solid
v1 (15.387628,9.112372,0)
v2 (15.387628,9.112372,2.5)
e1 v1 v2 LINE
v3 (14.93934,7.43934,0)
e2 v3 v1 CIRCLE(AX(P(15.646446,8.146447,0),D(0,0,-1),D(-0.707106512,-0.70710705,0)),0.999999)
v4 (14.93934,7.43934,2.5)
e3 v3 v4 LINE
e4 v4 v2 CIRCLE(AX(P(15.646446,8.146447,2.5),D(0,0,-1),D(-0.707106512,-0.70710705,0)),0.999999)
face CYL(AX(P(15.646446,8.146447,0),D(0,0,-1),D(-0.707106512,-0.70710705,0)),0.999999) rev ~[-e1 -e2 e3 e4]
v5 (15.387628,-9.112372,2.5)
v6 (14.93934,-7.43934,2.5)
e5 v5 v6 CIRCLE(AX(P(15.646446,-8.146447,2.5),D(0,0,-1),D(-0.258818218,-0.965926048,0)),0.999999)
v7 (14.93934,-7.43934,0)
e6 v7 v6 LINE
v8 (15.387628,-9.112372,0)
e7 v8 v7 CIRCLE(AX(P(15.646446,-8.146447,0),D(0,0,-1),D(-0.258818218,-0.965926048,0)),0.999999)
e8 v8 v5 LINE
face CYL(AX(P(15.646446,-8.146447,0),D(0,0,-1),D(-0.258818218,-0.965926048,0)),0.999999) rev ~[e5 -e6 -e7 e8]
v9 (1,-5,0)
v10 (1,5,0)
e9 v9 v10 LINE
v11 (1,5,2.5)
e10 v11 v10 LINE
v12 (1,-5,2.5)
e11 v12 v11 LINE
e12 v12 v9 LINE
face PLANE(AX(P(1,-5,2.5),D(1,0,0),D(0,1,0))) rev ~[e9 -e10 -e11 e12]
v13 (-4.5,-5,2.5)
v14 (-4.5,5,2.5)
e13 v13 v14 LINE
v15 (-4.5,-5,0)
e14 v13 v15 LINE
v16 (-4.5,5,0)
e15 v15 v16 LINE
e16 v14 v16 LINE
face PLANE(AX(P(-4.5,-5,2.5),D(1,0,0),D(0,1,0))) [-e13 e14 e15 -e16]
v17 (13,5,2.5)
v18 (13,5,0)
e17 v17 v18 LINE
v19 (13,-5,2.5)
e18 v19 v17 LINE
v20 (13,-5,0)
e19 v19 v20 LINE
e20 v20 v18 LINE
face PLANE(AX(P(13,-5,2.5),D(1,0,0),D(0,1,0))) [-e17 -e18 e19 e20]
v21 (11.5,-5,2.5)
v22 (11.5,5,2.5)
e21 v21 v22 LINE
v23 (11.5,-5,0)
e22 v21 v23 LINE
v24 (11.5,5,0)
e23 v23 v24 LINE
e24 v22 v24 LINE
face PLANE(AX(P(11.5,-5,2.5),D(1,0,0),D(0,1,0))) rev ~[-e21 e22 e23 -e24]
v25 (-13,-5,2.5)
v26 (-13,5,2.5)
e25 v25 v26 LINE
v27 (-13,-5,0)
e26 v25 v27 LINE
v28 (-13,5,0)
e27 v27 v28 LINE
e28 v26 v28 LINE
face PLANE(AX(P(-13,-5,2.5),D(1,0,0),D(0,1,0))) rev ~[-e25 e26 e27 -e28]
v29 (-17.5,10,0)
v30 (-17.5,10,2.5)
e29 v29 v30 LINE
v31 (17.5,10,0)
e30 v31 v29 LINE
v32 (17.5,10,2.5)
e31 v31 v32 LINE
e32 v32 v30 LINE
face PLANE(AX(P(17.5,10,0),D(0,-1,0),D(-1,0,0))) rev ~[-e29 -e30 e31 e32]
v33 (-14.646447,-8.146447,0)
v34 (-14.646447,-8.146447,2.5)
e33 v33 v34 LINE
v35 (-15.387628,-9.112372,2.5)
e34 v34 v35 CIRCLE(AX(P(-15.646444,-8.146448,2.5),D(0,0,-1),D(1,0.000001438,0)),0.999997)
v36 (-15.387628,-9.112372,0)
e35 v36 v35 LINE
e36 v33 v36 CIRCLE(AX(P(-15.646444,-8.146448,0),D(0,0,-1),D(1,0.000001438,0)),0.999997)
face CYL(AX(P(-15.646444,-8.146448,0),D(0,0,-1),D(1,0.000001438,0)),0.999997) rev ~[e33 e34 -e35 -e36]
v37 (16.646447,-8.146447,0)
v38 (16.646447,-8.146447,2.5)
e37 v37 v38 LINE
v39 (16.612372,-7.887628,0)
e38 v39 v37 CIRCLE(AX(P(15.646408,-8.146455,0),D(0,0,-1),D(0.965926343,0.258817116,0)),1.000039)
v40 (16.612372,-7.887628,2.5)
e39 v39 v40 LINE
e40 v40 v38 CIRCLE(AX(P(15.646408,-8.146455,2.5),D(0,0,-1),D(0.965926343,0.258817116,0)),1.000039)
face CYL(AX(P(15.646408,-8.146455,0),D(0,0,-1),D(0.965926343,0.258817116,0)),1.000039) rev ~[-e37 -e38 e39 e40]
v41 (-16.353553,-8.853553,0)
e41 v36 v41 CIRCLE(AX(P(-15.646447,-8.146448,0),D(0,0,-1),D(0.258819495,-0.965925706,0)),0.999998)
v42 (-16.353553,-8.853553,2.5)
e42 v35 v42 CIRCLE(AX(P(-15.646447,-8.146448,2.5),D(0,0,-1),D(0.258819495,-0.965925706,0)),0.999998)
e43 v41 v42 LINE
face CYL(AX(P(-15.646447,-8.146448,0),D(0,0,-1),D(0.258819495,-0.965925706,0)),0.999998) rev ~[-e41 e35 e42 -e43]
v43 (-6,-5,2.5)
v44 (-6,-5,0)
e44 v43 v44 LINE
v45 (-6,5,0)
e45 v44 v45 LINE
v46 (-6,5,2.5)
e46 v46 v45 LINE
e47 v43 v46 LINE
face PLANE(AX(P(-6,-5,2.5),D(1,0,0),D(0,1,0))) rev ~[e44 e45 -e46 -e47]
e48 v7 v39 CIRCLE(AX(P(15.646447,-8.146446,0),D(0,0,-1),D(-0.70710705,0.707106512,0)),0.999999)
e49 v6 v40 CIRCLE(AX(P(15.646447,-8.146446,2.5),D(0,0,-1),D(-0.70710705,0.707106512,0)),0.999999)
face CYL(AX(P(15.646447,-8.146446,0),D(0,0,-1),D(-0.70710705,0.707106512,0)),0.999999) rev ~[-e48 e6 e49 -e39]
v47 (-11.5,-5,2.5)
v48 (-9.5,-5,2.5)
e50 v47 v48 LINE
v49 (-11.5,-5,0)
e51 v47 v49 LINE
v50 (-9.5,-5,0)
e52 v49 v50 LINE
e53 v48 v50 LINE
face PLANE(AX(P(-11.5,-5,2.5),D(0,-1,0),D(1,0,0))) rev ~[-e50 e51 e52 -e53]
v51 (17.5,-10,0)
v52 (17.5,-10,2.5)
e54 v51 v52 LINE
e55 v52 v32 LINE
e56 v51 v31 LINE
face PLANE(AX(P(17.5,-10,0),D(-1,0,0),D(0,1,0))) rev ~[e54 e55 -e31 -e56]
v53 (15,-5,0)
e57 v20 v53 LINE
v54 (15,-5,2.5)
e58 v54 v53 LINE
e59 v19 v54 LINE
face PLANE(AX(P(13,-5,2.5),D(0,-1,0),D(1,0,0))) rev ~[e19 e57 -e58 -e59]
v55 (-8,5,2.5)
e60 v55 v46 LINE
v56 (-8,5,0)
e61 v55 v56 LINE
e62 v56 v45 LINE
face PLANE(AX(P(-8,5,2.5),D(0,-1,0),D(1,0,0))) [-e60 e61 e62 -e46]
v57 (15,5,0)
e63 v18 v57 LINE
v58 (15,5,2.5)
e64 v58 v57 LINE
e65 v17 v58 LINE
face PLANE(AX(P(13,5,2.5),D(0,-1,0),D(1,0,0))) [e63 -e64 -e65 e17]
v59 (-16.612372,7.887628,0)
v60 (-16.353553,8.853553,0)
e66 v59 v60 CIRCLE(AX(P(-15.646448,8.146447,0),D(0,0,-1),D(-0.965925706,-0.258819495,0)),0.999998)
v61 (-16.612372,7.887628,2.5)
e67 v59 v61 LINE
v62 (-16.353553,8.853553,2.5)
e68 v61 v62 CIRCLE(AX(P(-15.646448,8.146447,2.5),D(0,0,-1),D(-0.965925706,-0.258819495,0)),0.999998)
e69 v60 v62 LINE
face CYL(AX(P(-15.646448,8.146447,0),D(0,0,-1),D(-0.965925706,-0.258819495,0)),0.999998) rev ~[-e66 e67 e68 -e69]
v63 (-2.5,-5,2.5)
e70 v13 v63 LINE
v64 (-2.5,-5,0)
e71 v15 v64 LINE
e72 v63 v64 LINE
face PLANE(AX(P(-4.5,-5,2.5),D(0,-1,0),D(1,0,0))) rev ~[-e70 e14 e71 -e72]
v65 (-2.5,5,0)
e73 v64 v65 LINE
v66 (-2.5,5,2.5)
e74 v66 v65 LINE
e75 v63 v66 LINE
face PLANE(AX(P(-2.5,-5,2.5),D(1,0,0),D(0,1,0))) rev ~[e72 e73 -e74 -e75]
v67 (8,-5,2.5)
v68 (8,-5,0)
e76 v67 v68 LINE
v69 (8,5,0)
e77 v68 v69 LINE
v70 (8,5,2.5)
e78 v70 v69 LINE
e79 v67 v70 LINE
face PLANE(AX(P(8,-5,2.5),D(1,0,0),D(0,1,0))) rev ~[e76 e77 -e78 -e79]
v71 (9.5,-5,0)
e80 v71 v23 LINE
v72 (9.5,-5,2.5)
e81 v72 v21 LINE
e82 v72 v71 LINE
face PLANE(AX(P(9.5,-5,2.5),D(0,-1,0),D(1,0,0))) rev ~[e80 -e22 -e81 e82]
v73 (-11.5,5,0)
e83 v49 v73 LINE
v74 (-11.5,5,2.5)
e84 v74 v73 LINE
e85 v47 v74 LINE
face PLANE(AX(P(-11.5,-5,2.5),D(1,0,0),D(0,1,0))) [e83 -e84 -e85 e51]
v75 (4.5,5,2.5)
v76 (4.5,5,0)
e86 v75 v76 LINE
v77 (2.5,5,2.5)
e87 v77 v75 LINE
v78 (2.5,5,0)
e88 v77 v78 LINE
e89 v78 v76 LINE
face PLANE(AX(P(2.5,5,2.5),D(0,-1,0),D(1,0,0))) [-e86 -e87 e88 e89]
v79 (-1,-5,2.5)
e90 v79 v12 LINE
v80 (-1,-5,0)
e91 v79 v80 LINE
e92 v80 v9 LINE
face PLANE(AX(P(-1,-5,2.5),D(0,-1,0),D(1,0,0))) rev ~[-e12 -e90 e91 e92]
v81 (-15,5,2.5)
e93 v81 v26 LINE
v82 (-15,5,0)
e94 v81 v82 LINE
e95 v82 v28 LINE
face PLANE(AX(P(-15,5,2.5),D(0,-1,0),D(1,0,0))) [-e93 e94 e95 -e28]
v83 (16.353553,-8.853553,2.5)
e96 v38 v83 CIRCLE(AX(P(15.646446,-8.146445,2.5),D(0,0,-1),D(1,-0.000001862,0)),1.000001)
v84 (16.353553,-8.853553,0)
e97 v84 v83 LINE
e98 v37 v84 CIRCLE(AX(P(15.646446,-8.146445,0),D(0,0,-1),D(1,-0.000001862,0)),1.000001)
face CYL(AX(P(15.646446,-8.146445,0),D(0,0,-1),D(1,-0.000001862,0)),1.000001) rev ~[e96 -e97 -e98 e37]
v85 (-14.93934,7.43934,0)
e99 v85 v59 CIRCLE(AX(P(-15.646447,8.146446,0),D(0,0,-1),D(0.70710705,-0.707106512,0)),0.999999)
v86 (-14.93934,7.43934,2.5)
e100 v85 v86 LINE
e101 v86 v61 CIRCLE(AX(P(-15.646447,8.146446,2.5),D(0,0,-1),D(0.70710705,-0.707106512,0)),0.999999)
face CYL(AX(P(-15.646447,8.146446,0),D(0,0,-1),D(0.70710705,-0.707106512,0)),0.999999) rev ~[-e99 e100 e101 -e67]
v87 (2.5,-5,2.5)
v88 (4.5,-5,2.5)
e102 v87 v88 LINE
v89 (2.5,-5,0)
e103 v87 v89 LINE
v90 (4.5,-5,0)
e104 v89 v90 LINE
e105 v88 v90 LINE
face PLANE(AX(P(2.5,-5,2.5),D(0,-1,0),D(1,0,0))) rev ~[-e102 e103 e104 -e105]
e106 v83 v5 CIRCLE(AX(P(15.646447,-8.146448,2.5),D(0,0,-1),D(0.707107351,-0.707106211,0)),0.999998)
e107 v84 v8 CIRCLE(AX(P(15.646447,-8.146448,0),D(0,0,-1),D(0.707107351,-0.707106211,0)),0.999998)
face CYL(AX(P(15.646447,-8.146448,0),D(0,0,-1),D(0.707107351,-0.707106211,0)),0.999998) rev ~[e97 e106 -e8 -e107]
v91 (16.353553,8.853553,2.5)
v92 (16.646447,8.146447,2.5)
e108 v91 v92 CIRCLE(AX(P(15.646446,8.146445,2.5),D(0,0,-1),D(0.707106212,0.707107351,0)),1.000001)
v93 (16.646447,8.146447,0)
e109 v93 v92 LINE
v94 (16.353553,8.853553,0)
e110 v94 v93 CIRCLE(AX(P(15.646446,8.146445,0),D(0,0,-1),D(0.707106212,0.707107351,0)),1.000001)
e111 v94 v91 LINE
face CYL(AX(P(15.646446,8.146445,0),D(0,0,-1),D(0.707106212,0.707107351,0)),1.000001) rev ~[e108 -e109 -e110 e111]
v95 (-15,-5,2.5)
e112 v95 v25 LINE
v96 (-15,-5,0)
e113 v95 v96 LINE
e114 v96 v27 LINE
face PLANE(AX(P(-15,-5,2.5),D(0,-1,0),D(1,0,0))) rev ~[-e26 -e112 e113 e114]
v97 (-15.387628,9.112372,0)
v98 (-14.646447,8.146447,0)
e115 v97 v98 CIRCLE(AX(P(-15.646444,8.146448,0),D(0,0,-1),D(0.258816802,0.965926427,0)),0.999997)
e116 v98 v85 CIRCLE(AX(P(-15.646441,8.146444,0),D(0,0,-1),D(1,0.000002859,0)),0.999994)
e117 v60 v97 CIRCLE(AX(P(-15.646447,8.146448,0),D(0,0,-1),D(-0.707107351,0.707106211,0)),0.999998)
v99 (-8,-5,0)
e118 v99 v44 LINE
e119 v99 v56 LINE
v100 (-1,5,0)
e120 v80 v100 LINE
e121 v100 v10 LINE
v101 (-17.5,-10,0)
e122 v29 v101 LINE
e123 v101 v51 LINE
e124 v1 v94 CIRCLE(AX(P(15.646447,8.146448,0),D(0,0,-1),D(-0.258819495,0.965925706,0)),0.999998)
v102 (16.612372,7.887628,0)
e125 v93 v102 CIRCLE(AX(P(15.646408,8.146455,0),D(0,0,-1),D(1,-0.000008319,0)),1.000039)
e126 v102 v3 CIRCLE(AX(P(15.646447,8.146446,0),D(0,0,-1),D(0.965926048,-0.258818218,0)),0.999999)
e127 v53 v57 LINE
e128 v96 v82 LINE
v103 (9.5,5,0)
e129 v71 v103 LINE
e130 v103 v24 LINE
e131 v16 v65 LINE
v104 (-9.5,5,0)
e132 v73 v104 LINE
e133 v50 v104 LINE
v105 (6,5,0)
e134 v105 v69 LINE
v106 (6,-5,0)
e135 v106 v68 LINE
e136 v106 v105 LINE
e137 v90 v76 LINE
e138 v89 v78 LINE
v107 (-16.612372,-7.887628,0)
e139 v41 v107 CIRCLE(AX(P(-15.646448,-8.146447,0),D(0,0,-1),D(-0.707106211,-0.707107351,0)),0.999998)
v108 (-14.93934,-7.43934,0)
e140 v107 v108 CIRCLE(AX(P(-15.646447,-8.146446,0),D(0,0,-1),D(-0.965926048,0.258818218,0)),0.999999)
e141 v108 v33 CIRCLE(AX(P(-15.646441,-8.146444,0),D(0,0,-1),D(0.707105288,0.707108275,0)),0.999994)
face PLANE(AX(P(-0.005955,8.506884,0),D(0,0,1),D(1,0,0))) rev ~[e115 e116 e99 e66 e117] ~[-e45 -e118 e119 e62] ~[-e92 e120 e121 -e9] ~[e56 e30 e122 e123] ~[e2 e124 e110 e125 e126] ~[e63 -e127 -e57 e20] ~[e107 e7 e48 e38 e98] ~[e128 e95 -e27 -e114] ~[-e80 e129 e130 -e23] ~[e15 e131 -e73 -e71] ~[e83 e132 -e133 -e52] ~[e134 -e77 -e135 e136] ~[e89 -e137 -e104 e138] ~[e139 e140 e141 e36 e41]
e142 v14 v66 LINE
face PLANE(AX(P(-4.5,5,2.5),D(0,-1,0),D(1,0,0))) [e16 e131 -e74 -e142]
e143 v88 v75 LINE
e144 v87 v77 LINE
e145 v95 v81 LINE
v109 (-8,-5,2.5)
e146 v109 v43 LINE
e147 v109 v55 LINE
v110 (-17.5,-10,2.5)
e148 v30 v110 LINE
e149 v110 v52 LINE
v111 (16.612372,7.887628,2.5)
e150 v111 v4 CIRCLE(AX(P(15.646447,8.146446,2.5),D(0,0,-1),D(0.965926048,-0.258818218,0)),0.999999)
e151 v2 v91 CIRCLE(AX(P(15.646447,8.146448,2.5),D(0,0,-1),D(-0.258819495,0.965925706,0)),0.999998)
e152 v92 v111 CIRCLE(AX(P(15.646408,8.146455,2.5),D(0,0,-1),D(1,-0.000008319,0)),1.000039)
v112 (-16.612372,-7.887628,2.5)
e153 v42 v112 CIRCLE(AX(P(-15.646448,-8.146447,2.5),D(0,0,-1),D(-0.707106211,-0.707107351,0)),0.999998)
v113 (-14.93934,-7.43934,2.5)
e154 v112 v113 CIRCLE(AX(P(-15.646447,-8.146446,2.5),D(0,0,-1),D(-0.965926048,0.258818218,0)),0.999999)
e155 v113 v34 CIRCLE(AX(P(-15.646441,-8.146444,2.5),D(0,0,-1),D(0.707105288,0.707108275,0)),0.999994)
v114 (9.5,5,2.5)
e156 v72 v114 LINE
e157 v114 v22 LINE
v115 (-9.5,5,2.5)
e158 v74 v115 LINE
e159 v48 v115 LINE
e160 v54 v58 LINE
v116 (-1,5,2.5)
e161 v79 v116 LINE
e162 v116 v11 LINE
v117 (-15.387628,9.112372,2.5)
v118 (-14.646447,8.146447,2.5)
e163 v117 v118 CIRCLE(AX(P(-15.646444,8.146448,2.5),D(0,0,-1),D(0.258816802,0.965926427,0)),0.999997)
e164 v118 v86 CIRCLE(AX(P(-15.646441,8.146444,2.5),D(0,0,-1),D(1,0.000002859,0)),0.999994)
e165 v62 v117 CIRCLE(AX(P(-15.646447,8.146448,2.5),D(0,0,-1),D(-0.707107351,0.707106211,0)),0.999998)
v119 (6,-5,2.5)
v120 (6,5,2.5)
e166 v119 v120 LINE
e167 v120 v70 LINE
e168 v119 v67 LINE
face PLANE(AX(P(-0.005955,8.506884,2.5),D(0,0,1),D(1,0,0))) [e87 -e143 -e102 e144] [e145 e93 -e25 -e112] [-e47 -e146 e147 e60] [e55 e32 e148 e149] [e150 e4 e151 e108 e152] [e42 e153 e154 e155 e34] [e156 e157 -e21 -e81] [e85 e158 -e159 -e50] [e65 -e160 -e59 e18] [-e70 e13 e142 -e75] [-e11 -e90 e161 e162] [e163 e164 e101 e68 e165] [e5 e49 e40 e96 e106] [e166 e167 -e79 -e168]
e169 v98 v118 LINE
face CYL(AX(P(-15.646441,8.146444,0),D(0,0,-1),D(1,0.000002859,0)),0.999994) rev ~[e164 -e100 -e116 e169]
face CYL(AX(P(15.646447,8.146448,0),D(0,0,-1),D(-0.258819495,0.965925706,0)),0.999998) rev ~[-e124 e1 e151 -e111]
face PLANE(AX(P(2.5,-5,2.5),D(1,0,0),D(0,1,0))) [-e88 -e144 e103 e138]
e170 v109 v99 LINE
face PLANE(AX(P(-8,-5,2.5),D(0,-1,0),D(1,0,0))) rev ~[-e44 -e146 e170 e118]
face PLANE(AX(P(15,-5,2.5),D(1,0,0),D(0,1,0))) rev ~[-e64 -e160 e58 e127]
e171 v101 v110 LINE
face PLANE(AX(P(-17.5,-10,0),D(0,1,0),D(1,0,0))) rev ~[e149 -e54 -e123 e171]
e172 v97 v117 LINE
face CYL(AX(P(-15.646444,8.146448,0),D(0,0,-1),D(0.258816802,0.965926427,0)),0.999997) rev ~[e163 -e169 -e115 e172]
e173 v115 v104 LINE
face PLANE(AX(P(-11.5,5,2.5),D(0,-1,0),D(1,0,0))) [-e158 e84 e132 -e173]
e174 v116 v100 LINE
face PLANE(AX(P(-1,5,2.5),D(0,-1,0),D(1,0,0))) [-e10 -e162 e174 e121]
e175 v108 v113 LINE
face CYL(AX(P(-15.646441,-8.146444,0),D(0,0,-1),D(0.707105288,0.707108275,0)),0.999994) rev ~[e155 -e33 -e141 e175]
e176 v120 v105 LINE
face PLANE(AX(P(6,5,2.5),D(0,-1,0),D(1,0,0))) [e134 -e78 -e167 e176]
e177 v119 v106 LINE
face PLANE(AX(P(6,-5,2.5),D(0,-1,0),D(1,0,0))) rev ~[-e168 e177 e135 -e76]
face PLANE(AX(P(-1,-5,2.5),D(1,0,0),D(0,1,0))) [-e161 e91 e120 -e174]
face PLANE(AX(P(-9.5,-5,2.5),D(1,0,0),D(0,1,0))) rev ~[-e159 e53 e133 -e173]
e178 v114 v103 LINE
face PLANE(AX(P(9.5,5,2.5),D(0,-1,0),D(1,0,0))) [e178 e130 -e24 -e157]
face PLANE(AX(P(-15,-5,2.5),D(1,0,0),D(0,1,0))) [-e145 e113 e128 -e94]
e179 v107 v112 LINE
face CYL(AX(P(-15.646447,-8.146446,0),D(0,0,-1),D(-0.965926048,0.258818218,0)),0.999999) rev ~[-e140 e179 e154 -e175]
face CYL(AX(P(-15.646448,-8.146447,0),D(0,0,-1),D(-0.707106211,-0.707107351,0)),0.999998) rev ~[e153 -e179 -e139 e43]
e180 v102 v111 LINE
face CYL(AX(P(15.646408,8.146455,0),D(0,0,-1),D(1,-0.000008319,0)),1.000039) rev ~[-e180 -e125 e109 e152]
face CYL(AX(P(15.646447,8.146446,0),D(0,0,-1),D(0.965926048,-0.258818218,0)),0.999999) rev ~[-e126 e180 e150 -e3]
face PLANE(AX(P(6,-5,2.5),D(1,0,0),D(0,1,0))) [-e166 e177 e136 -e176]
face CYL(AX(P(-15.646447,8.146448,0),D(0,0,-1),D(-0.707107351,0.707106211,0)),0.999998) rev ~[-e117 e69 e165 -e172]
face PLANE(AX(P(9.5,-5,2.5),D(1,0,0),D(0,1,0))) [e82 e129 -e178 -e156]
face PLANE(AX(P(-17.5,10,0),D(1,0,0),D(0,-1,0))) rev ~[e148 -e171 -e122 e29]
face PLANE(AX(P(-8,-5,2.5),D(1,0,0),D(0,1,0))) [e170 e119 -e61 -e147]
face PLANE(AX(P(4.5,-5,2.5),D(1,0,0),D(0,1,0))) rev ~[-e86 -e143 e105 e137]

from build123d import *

# Parameters (mm, degrees)
F0_W     = 29
F0_H     = 14
F1_DEPTH = 2.5
F2_W     = 2
F2_H     = 10
F3_DEPTH = 25


with BuildPart() as f1:
    # F0 (on Top) → F1 (new body)
    with BuildSketch(Plane.XY):
        with BuildLine():
            Line((15.387628, 9.112372), (14.5, 10))
            Line((14.5, 10), (-14.5, 10))
            Line((-14.5, 10), (-15.387628, 9.112372))
            ThreePointArc((-15.387628, 9.112372), (-14.853093, 8.755208), (-14.646447, 8.146447))
            ThreePointArc((-14.646447, 8.146447), (-14.722567, 7.763763), (-14.93934, 7.43934))
            Line((-14.93934, 7.43934), (-14.5, 7))
            Line((-14.5, 7), (14.5, 7))
            Line((14.5, 7), (14.93934, 7.43934))
            ThreePointArc((14.93934, 7.43934), (14.680521, 8.405266), (15.387628, 9.112372))
        make_face()
        with BuildLine():
            Line((-17.5, 7), (-17.5, -7))
            Line((-17.5, -7), (-16.612372, -7.887628))
            ThreePointArc((-16.612372, -7.887628), (-15.905266, -7.180521), (-14.93934, -7.43934))
            Line((-14.93934, -7.43934), (-14.5, -7))
            Line((-14.5, -7), (-14.5, 7))
            Line((-14.5, 7), (-14.93934, 7.43934))
            ThreePointArc((-14.93934, 7.43934), (-15.905266, 7.180521), (-16.612372, 7.887628))
            Line((-16.612372, 7.887628), (-17.5, 7))
        make_face()
        with BuildLine():
            Line((-17.5, 10), (-17.5, 7))
            Line((-17.5, 7), (-16.612372, 7.887628))
            ThreePointArc((-16.612372, 7.887628), (-16.612372, 8.405266), (-16.353553, 8.853553))
            Line((-16.353553, 8.853553), (-17.5, 10))
        make_face()
        with BuildLine():
            Line((-15.387628, 9.112372), (-14.5, 10))
            Line((-14.5, 10), (-17.5, 10))
            Line((-17.5, 10), (-16.353553, 8.853553))
            ThreePointArc((-16.353553, 8.853553), (-15.905266, 9.112372), (-15.387628, 9.112372))
        make_face()
        Rectangle(F0_W, F0_H)
        with BuildLine():
            Line((16.612372, 7.887628), (17.5, 7))
            Line((17.5, 7), (17.5, 10))
            Line((17.5, 10), (16.353553, 8.853553))
            ThreePointArc((16.353553, 8.853553), (16.570326, 8.52913), (16.646447, 8.146447))
            ThreePointArc((16.646447, 8.146447), (16.637891, 8.01592), (16.612372, 7.887628))
        make_face()
        with BuildLine():
            Line((16.353553, 8.853553), (17.5, 10))
            Line((17.5, 10), (14.5, 10))
            Line((14.5, 10), (15.387628, 9.112372))
            ThreePointArc((15.387628, 9.112372), (15.905266, 9.112372), (16.353553, 8.853553))
        make_face()
        with BuildLine():
            Line((16.612372, -7.887628), (17.5, -7))
            Line((17.5, -7), (17.5, 7))
            Line((17.5, 7), (16.612372, 7.887628))
            ThreePointArc((16.612372, 7.887628), (15.905266, 7.180521), (14.93934, 7.43934))
            Line((14.93934, 7.43934), (14.5, 7))
            Line((14.5, 7), (14.5, -7))
            Line((14.5, -7), (14.93934, -7.43934))
            ThreePointArc((14.93934, -7.43934), (15.905266, -7.180521), (16.612372, -7.887628))
        make_face()
        with BuildLine():
            Line((14.5, -10), (17.5, -10))
            Line((17.5, -10), (16.353553, -8.853553))
            ThreePointArc((16.353553, -8.853553), (15.905266, -9.112372), (15.387628, -9.112372))
            Line((15.387628, -9.112372), (14.5, -10))
        make_face()
        with BuildLine():
            Line((16.353553, -8.853553), (17.5, -10))
            Line((17.5, -10), (17.5, -7))
            Line((17.5, -7), (16.612372, -7.887628))
            ThreePointArc((16.612372, -7.887628), (16.637891, -8.01592), (16.646447, -8.146447))
            ThreePointArc((16.646447, -8.146447), (16.570326, -8.52913), (16.353553, -8.853553))
        make_face()
        with BuildLine():
            Line((-14.5, -10), (14.5, -10))
            Line((14.5, -10), (15.387628, -9.112372))
            ThreePointArc((15.387628, -9.112372), (14.680521, -8.405266), (14.93934, -7.43934))
            Line((14.93934, -7.43934), (14.5, -7))
            Line((14.5, -7), (-14.5, -7))
            Line((-14.5, -7), (-14.93934, -7.43934))
            ThreePointArc((-14.93934, -7.43934), (-14.722567, -7.763763), (-14.646447, -8.146447))
            ThreePointArc((-14.646447, -8.146447), (-14.853093, -8.755208), (-15.387628, -9.112372))
            Line((-15.387628, -9.112372), (-14.5, -10))
        make_face()
        with BuildLine():
            Line((-17.5, -10), (-14.5, -10))
            Line((-14.5, -10), (-15.387628, -9.112372))
            ThreePointArc((-15.387628, -9.112372), (-15.905266, -9.112372), (-16.353553, -8.853553))
            Line((-16.353553, -8.853553), (-17.5, -10))
        make_face()
        with BuildLine():
            Line((-17.5, -7), (-17.5, -10))
            Line((-17.5, -10), (-16.353553, -8.853553))
            ThreePointArc((-16.353553, -8.853553), (-16.612372, -8.405266), (-16.612372, -7.887628))
            Line((-16.612372, -7.887628), (-17.5, -7))
        make_face()
    extrude(amount=F1_DEPTH)

    # F2 (on face) → F3 (cut)
    with BuildSketch(Plane.XY.offset(2.5)):
        with Locations((-14, 0)):
            Rectangle(F2_W, F2_H)
        with Locations((-10.5, 0)):
            Rectangle(F2_W, F2_H)
        with Locations((-7, 0)):
            Rectangle(F2_W, F2_H)
        with Locations((-3.5, 0)):
            Rectangle(F2_W, F2_H)
        Rectangle(F2_W, F2_H)
        with Locations((3.5, 0)):
            Rectangle(F2_W, F2_H)
        with Locations((7, 0)):
            Rectangle(F2_W, F2_H)
        with Locations((10.5, 0)):
            Rectangle(F2_W, F2_H)
        with Locations((14, 0)):
            Rectangle(F2_W, F2_H)
    extrude(amount=-F3_DEPTH, mode=Mode.SUBTRACT)


solid = f1.part
